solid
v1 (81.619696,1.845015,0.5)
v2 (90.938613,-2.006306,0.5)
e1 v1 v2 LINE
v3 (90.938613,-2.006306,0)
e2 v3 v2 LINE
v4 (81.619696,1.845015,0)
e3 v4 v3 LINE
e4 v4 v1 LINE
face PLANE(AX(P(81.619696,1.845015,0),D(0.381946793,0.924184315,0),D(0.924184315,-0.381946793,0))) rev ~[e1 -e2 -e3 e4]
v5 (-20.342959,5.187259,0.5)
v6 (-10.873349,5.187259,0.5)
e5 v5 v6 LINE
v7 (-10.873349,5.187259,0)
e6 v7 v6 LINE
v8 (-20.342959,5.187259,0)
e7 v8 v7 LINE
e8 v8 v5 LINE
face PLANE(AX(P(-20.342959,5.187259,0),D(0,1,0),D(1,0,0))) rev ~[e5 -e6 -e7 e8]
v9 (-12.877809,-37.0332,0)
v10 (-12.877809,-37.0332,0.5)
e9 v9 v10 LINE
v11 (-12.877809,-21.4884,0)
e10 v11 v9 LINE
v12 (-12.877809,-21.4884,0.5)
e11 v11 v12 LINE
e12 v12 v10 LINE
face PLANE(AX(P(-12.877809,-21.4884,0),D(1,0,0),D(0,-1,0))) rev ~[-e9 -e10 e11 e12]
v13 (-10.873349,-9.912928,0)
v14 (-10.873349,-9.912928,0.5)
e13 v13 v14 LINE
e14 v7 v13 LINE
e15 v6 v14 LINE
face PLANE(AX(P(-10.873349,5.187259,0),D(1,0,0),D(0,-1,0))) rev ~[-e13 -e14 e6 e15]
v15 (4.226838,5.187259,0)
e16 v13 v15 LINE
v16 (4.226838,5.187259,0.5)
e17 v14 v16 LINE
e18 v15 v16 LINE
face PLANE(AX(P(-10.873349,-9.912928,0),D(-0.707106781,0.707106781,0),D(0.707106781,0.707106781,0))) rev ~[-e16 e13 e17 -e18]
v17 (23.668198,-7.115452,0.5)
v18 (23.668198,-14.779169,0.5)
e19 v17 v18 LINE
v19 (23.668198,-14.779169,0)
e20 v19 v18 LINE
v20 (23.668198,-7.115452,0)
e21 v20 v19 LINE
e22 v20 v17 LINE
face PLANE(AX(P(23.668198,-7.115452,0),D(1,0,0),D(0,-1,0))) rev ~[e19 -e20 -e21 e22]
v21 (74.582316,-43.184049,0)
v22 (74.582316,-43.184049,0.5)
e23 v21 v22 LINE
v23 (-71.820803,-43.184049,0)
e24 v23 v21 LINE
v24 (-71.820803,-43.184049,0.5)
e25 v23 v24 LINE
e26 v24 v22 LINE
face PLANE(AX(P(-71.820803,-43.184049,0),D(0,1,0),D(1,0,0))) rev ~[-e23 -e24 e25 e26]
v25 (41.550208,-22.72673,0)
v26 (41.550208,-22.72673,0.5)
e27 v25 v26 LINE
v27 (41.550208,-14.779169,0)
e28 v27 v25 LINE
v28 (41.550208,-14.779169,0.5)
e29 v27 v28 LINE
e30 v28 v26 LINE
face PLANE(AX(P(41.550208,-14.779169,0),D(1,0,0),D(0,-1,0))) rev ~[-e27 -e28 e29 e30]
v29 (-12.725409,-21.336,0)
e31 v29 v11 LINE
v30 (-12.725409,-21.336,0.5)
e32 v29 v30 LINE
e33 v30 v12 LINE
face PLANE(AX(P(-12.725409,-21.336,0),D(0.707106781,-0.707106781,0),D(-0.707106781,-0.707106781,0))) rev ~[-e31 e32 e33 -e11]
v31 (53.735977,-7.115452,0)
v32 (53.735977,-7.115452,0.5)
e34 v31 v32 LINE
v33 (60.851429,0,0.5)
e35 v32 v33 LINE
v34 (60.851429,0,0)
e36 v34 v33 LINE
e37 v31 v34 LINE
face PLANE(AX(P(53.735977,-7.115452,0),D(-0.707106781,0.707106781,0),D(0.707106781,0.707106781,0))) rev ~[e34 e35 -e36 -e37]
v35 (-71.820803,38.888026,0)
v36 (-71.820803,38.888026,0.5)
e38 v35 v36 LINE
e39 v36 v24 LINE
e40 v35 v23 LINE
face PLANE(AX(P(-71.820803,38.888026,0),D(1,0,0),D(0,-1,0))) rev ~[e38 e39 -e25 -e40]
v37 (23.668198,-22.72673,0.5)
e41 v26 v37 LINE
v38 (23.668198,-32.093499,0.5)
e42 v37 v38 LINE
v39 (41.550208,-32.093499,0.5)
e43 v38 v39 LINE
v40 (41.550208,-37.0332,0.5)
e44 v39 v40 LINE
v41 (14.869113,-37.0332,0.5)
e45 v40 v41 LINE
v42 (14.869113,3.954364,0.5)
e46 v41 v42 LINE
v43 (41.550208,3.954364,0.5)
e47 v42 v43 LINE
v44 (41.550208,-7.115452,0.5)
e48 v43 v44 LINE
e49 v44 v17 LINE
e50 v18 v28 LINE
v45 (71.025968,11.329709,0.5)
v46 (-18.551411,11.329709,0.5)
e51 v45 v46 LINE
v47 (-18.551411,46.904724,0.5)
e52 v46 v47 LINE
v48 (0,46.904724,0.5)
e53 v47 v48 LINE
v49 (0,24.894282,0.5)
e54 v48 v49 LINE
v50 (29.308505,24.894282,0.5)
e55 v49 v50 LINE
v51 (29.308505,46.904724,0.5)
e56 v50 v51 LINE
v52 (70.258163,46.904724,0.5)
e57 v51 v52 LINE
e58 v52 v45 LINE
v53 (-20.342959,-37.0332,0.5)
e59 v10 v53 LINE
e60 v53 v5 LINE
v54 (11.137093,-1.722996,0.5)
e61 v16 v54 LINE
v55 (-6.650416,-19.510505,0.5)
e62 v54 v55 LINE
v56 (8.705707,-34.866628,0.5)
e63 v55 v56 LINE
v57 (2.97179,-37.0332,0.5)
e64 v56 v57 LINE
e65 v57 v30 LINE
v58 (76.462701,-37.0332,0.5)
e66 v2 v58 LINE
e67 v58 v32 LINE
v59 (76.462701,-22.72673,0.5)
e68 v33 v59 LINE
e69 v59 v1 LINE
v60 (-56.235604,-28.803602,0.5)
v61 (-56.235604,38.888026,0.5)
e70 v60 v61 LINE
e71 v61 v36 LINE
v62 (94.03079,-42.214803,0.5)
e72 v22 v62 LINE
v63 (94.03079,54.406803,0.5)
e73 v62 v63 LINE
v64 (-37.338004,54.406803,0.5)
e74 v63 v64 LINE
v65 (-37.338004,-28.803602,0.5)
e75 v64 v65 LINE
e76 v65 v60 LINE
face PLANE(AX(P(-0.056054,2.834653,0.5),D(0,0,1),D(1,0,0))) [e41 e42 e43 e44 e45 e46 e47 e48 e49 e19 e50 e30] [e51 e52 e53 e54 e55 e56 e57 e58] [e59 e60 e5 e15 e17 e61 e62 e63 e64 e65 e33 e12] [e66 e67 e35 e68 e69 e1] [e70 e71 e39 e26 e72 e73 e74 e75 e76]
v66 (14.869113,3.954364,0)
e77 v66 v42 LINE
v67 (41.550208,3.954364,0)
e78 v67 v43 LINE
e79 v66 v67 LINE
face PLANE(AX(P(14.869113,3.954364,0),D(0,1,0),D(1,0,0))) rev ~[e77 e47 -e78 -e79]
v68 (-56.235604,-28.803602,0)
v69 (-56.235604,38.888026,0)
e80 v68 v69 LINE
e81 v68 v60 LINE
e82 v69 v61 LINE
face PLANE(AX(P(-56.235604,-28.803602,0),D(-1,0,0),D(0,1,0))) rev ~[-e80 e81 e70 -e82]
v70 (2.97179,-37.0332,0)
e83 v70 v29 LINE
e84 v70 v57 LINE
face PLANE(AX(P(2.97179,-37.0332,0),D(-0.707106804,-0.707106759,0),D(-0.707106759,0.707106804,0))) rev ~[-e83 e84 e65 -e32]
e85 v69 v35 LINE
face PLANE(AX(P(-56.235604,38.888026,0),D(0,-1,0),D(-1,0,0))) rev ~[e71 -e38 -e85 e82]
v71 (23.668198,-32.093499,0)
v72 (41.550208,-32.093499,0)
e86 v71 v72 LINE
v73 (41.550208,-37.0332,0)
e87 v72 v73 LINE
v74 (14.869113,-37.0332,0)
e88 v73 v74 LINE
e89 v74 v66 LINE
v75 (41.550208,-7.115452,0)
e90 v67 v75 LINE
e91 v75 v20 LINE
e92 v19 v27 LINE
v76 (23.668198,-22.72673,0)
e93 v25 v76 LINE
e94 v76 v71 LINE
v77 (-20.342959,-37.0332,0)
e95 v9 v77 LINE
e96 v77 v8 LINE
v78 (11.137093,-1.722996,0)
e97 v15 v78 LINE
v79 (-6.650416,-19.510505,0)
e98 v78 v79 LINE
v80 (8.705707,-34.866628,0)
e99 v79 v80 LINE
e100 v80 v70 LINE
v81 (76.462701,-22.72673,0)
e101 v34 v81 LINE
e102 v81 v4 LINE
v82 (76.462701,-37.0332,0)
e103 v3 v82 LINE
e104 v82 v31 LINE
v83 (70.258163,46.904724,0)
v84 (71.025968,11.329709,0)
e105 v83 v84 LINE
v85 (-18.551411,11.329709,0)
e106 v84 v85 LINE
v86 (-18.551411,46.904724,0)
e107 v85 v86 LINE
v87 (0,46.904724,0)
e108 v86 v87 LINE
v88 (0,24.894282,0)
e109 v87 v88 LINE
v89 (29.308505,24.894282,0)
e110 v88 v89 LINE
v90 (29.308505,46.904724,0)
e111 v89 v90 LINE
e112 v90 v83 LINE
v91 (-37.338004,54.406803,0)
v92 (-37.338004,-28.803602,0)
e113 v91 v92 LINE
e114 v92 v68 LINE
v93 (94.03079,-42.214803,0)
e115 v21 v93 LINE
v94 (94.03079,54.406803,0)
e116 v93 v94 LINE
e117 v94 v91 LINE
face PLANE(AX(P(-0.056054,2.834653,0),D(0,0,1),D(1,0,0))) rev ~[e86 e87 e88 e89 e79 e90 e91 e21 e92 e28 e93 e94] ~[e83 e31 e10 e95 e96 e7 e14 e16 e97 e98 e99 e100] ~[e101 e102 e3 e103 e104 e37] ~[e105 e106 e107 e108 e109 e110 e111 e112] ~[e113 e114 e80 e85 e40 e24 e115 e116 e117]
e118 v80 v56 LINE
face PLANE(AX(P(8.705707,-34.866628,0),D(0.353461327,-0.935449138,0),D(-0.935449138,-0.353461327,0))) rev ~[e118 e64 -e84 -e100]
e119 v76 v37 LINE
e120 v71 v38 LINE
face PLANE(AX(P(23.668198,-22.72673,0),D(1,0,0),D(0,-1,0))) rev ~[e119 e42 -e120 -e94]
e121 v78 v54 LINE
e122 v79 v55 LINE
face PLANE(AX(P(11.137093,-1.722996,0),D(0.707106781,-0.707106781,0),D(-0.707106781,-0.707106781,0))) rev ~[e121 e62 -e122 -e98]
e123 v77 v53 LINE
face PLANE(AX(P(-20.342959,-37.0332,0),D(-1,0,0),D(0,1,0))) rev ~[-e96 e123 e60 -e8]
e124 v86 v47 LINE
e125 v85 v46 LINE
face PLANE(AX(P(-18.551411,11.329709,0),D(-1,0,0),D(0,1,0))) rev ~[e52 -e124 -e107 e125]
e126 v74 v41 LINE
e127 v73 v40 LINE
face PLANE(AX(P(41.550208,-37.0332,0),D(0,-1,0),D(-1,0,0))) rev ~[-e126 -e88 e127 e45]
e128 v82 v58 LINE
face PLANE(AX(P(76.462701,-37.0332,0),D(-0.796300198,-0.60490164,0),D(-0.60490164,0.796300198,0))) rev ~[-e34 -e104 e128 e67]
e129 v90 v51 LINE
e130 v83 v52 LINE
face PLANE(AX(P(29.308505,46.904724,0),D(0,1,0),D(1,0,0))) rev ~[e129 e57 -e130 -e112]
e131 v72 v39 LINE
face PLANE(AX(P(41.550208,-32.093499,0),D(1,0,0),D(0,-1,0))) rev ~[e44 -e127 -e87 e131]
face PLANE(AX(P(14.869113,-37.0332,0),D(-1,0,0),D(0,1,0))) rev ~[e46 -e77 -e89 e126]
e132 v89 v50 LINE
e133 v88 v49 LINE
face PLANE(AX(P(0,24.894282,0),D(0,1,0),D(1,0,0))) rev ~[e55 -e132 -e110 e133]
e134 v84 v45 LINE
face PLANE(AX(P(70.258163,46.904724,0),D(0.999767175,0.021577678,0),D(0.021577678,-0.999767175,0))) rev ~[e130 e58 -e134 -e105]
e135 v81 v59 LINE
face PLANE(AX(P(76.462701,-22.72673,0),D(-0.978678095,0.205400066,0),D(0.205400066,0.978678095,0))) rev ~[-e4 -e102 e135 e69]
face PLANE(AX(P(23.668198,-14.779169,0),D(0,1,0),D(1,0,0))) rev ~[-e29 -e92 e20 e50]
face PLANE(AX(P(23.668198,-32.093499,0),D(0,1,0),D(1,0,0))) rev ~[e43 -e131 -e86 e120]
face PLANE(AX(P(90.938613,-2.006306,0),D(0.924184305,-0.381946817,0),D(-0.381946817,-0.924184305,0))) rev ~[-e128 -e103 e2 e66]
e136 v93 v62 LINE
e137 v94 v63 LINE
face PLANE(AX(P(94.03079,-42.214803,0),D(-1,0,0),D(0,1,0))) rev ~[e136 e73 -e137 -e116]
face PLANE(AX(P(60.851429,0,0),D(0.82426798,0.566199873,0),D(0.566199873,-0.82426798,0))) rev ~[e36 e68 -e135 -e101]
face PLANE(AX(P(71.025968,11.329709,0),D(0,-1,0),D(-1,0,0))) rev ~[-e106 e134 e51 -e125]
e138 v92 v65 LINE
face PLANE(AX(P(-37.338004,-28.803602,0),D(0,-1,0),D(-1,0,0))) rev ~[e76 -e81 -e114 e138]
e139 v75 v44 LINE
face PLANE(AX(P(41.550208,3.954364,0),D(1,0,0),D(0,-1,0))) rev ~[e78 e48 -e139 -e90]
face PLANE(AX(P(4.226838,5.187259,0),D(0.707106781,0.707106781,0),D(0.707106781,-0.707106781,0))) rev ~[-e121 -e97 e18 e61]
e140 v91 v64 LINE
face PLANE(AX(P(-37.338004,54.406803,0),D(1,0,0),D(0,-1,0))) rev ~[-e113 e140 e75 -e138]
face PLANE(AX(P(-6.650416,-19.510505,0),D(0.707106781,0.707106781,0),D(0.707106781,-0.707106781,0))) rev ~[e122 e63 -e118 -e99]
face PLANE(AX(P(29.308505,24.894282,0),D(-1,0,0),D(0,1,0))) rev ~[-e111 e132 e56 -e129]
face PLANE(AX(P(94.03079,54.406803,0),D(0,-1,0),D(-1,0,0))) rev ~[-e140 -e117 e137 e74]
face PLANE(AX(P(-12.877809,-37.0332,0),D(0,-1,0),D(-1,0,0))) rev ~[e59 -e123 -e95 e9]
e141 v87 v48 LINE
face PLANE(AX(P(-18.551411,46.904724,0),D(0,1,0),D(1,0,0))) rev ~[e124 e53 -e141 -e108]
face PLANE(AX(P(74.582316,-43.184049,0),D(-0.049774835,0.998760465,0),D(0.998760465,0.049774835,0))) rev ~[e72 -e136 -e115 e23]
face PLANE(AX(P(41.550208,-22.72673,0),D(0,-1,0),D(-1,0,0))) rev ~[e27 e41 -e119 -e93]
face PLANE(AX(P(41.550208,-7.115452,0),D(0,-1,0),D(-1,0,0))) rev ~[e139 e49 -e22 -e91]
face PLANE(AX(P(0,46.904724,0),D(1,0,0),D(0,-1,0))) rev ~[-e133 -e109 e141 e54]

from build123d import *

# Parameters (mm, degrees)
F1_DEPTH = 0.5


with BuildPart() as f1:
    # F0 (on Top) → F1 (new body)
    with BuildSketch(Plane.XY):
        Polygon((-66.872783, 38.888026), (-71.820803, 38.888026), (-71.820803, -43.184049), (-49.409188, -43.184049), (74.582316, -43.184049), (94.03079, -42.214803), (94.03079, 54.406803), (-37.338004, 54.406803), (-37.338004, -28.803602), (-56.235604, -28.803602), (-56.235604, 38.888026), align=None)
        Polygon((-20.342959, -34.482725), (-20.342959, 5.187259), (-10.873349, 5.187259), (-10.873349, -9.912928), (4.226838, 5.187259), (11.137093, -1.722996), (-6.650416, -19.510505), (8.705707, -34.866628), (2.97179, -37.0332), (-12.725409, -21.336), (-12.877809, -21.4884), (-12.877809, -37.0332), (-20.342959, -37.0332), align=None, mode=Mode.SUBTRACT)
        Polygon((14.869113, -37.0332), (14.869113, 3.954364), (41.550208, 3.954364), (41.550208, -7.115452), (23.668198, -7.115452), (23.668198, -14.779169), (41.550208, -14.779169), (41.550208, -22.72673), (23.668198, -22.72673), (23.668198, -32.093499), (41.550208, -32.093499), (41.550208, -37.0332), align=None, mode=Mode.SUBTRACT)
        Polygon((53.735977, -7.115452), (60.851429, 0), (76.462701, -22.72673), (81.619696, 1.845015), (90.938613, -2.006306), (76.462701, -37.0332), align=None, mode=Mode.SUBTRACT)
        Polygon((-18.551411, 11.329709), (-18.551411, 46.904724), (0, 46.904724), (0, 24.894282), (29.308505, 24.894282), (29.308505, 46.904724), (70.258163, 46.904724), (71.025968, 11.329709), align=None, mode=Mode.SUBTRACT)
    extrude(amount=F1_DEPTH)


solid = f1.part
